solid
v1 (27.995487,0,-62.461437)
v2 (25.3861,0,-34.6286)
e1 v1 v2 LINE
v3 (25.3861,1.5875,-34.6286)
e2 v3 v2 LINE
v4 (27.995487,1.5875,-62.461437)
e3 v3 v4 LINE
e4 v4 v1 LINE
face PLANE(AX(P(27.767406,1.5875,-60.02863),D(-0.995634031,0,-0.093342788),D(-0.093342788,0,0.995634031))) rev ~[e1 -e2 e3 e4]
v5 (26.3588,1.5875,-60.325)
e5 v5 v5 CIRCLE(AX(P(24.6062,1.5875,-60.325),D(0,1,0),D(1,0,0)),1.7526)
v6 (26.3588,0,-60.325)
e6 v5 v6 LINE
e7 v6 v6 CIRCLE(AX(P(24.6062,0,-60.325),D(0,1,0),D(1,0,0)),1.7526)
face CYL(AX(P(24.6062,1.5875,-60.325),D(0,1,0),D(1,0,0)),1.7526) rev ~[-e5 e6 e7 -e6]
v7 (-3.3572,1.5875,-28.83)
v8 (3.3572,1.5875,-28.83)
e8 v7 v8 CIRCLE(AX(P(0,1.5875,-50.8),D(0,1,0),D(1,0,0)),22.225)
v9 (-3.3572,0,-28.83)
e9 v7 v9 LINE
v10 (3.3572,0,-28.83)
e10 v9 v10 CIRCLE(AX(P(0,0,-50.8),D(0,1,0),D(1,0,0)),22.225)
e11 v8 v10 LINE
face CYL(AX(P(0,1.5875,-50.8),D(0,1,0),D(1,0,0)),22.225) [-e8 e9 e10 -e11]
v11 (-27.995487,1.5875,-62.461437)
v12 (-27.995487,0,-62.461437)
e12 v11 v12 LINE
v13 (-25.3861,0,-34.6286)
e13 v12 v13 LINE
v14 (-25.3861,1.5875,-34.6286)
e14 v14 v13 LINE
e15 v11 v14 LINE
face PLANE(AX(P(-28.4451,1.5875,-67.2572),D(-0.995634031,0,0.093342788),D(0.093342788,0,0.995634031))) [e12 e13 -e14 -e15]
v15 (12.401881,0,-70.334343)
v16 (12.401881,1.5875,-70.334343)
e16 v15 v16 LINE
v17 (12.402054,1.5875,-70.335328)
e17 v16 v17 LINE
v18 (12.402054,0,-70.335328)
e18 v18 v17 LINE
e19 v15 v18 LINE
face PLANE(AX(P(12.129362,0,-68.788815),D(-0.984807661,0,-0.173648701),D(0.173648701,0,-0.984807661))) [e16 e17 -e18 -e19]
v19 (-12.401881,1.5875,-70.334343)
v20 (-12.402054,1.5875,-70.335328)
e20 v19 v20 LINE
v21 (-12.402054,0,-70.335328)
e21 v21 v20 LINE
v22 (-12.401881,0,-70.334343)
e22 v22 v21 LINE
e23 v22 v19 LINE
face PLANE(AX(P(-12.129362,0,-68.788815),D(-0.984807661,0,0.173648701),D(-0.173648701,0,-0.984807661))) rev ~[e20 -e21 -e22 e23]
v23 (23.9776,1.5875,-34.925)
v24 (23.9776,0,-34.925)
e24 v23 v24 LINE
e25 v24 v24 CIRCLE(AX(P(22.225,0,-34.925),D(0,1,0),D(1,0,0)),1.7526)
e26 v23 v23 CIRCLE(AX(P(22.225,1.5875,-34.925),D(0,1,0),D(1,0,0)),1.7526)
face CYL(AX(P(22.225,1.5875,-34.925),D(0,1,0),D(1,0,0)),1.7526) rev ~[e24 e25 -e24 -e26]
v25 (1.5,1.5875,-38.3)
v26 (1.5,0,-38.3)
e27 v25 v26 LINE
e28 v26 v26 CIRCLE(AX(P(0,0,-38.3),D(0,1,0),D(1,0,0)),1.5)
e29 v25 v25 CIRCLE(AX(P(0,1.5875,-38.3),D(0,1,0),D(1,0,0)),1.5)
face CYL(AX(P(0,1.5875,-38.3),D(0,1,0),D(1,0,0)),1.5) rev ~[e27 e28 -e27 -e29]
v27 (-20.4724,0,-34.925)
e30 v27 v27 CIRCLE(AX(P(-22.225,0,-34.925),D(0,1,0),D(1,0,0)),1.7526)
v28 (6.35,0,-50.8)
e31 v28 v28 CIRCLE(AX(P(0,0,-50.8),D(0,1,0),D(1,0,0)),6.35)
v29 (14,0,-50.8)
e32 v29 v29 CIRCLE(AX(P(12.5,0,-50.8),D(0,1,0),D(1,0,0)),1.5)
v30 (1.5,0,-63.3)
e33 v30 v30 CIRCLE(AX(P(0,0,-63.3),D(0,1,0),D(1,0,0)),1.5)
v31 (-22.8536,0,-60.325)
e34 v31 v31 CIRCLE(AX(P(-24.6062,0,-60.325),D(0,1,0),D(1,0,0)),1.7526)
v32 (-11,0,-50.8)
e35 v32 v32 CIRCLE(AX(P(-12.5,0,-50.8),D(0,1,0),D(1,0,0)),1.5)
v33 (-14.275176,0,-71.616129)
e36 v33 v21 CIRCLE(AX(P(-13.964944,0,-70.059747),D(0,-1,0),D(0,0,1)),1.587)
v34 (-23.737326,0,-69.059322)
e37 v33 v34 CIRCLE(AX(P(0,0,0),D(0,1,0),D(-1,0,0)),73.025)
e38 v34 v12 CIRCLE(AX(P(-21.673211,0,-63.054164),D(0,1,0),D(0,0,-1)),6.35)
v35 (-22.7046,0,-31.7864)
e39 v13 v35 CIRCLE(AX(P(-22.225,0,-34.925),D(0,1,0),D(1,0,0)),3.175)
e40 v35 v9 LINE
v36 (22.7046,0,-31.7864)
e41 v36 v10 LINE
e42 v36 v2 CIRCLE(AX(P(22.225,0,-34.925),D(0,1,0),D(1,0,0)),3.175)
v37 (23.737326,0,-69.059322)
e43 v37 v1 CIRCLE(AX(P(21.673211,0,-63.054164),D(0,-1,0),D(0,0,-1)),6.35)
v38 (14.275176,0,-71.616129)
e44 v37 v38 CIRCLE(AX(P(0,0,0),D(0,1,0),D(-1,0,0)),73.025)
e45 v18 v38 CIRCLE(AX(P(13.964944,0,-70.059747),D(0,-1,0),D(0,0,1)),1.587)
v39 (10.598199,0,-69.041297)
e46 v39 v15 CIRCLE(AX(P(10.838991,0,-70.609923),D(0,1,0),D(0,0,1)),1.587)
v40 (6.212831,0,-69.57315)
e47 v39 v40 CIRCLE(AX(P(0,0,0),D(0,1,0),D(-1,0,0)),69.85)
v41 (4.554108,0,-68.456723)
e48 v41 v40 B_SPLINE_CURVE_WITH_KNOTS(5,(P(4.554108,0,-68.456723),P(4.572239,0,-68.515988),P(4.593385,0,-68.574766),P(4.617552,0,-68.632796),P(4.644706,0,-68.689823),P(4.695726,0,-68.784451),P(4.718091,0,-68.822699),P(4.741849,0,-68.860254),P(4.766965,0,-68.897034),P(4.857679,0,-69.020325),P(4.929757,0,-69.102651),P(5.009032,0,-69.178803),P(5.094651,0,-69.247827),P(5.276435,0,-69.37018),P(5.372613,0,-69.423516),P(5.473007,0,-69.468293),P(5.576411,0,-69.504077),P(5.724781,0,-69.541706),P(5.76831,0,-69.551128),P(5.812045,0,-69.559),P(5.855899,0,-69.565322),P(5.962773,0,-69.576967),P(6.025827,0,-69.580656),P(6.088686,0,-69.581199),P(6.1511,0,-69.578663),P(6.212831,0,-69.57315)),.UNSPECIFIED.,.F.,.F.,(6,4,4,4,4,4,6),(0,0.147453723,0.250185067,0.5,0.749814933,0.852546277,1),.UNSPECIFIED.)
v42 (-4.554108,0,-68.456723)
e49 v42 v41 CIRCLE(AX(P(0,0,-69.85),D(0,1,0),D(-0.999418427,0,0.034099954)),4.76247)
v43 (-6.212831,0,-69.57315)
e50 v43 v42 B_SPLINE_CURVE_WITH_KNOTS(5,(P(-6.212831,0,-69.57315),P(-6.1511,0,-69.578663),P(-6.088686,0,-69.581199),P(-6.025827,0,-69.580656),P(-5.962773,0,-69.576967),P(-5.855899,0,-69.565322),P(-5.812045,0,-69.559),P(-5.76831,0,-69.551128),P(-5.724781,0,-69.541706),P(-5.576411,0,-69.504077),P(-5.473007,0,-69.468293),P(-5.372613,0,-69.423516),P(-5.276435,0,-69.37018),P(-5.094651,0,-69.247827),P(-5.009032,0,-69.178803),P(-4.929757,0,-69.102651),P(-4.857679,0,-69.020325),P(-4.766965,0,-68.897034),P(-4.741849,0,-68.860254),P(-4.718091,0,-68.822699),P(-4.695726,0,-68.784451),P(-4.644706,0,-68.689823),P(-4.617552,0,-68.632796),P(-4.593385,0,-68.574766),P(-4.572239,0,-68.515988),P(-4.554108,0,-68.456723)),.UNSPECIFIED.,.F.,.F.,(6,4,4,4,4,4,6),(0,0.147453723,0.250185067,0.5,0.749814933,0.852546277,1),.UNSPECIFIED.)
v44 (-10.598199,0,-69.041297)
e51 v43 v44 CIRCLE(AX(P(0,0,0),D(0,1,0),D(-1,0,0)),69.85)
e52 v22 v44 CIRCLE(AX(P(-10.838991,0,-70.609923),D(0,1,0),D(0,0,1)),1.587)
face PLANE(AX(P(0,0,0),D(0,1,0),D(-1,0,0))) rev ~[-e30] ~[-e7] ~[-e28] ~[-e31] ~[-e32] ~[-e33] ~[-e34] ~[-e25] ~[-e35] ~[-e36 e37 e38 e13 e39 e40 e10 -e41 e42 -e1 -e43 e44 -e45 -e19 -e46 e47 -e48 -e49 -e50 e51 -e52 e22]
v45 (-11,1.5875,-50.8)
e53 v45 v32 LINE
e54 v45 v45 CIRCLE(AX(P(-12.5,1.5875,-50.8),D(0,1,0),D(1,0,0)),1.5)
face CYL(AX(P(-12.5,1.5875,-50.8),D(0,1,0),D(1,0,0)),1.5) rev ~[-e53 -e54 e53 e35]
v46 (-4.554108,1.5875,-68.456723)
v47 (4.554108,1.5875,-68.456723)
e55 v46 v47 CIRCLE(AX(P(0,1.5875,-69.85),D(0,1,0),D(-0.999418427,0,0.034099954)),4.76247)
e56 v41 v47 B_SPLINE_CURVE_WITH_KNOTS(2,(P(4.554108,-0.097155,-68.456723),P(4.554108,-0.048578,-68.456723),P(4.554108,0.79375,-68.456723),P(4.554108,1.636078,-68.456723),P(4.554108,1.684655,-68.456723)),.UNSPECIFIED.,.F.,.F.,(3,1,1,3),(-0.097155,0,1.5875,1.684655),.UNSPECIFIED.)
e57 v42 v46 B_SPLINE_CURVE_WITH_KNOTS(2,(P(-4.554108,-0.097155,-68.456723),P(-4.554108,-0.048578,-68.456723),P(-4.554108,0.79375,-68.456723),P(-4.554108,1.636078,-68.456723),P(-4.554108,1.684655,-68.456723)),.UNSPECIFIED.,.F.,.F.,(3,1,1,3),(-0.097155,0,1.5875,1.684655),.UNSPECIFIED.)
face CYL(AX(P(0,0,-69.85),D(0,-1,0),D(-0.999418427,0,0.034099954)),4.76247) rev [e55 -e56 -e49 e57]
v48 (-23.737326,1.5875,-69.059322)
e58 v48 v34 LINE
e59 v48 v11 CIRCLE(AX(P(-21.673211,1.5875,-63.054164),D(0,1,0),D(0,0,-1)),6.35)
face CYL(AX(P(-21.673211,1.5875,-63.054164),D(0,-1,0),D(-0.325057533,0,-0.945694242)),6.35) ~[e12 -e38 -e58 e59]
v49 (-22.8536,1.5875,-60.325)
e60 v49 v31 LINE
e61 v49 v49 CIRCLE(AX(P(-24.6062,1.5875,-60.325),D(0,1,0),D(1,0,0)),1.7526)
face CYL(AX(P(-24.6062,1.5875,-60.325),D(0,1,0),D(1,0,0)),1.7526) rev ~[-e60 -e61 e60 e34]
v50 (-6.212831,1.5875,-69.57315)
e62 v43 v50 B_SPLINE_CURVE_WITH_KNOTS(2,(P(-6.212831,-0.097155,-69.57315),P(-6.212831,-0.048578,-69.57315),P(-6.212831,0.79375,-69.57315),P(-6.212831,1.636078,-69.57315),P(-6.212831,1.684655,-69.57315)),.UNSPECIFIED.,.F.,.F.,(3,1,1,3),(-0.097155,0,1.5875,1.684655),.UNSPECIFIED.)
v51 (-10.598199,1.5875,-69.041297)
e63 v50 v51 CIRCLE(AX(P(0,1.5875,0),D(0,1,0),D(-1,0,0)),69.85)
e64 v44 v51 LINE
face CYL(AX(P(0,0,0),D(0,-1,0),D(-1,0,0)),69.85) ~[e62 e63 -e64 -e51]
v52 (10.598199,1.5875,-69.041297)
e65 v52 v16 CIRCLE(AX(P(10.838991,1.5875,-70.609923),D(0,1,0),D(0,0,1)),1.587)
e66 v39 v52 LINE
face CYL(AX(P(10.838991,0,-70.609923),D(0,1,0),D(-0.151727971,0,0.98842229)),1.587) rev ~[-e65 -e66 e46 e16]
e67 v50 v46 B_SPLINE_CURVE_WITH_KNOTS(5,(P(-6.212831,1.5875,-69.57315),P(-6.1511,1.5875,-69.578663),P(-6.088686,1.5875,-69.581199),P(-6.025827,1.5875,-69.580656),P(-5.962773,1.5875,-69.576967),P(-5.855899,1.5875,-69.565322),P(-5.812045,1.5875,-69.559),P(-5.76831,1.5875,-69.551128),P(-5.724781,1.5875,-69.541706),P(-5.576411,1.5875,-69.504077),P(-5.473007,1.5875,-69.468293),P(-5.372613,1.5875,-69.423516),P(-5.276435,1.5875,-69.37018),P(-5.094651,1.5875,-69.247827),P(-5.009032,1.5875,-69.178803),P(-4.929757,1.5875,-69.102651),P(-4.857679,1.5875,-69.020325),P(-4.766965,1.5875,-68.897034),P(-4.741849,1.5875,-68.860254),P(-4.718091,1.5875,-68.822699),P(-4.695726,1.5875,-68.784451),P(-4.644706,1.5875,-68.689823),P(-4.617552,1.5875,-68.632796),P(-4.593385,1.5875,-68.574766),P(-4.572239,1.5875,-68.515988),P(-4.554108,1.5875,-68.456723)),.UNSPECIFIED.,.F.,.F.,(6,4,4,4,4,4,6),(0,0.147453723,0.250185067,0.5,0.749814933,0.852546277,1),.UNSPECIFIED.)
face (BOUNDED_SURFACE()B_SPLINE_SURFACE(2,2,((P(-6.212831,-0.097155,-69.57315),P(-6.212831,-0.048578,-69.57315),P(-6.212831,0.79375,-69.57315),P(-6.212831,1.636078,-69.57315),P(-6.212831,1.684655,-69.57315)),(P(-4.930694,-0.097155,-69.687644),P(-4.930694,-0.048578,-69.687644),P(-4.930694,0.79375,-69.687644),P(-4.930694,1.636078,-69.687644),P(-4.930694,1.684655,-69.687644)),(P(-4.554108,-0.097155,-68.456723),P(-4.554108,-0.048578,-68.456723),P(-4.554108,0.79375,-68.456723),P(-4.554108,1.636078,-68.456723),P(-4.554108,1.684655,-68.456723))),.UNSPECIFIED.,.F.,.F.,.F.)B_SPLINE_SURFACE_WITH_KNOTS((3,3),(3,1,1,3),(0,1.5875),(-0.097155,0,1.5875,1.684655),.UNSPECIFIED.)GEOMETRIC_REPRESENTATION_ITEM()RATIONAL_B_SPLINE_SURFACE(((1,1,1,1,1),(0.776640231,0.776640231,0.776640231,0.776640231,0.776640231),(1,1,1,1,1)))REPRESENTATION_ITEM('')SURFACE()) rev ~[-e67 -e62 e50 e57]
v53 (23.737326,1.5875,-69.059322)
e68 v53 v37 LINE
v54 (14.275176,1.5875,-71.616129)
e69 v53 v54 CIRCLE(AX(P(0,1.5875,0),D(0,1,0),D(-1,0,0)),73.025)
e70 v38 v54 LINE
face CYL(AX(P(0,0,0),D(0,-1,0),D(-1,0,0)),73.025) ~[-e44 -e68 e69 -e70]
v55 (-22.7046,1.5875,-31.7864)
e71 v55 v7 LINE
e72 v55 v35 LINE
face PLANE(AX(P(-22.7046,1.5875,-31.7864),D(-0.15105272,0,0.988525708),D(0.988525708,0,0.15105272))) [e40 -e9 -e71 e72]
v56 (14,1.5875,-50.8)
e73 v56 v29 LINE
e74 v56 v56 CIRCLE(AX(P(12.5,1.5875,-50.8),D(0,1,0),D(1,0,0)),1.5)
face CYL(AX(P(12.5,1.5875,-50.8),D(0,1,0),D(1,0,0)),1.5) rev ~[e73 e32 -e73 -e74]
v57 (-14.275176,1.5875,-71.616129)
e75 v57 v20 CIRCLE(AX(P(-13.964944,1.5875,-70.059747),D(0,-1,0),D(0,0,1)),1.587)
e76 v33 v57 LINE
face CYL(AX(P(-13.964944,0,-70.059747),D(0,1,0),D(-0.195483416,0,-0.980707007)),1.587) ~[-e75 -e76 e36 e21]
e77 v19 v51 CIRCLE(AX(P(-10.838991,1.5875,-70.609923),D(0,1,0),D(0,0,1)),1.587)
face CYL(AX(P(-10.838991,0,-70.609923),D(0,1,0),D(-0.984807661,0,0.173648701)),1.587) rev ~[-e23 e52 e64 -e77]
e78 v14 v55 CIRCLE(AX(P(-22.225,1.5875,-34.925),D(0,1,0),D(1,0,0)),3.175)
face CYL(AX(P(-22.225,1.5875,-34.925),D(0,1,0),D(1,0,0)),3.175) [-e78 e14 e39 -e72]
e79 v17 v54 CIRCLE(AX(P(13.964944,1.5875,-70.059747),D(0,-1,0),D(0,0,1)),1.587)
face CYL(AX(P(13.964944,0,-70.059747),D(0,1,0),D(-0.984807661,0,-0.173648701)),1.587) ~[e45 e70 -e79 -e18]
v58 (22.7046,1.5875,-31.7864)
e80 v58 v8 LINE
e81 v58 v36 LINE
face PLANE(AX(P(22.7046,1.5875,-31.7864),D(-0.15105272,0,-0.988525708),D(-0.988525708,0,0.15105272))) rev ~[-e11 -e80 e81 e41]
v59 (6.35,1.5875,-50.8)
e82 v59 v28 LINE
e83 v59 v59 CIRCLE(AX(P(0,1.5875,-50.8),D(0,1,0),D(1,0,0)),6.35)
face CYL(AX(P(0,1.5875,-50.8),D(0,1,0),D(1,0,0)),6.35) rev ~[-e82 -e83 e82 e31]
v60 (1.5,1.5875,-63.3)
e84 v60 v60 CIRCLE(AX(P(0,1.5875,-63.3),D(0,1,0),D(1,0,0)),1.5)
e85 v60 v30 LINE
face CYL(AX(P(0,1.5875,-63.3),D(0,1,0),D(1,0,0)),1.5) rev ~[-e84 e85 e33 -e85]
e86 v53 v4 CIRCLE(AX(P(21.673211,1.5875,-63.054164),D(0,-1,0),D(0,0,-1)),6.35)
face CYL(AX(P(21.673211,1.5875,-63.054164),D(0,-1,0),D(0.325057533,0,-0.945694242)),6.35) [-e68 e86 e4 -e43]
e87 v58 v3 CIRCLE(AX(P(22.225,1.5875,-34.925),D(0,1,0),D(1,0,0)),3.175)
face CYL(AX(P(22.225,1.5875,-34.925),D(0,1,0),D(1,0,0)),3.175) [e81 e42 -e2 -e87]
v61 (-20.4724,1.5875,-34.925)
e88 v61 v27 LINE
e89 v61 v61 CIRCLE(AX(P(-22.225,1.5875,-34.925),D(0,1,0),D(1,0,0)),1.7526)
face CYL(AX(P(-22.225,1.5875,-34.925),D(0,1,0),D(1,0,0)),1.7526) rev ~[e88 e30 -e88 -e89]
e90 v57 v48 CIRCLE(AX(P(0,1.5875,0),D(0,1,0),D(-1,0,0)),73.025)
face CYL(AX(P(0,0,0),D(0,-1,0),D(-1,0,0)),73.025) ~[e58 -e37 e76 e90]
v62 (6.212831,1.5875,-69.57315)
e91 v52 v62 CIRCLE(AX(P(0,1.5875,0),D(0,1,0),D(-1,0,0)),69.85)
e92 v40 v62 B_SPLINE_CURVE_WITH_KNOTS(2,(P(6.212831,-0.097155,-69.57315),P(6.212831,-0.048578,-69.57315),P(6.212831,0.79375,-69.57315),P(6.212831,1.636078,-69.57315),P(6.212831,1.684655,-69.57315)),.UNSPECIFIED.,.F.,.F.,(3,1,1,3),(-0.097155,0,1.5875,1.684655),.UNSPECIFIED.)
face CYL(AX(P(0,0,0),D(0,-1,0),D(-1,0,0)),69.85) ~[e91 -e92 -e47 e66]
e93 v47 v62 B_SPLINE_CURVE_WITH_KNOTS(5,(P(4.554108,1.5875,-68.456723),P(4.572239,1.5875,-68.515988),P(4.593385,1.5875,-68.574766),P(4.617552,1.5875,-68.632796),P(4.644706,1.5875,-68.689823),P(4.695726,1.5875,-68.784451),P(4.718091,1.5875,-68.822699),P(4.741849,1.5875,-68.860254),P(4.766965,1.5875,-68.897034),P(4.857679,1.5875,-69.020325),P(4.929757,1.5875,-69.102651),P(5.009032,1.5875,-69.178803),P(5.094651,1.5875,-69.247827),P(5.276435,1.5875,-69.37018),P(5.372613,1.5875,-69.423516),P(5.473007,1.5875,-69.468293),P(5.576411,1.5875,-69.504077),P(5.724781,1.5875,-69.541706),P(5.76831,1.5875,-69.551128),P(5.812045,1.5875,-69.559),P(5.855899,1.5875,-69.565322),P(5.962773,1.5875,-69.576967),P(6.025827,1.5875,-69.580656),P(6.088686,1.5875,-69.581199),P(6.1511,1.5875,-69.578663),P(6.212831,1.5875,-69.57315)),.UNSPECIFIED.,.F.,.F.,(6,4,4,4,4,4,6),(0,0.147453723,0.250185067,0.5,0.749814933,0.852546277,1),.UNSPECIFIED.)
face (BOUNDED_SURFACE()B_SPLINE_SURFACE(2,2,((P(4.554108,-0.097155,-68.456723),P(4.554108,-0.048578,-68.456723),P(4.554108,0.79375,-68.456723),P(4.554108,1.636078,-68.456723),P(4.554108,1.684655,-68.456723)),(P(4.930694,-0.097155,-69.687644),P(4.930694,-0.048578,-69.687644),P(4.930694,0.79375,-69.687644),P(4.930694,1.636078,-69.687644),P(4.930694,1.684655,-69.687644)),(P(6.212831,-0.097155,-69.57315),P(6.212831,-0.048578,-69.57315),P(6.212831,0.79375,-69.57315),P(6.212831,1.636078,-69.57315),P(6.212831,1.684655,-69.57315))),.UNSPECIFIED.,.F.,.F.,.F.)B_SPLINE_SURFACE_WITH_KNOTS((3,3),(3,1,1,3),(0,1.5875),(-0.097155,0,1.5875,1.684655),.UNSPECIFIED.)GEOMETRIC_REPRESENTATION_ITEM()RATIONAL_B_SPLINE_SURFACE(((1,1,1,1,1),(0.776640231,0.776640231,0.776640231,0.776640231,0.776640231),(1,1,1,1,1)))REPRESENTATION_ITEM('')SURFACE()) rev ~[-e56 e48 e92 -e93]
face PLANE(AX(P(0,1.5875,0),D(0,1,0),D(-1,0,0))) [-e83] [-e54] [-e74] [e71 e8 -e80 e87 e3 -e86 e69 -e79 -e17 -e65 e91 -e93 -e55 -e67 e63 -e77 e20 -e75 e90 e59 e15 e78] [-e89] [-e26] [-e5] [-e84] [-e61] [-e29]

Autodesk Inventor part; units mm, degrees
ref_plane "YZ Plane" through (0, 0, 0) normal (1, 0, 0) x (0, 1, 0)
ref_plane "XZ Plane" through (0, 0, 0) normal (0, 1, 0) x (-1, 0, 0)
ref_plane "XY Plane" through (0, 0, 0) normal (0, 0, 1) x (1, 0, 0)
sketch "Sketch1" plane through (0, 0, 0) normal (0, 1, 0) x (-1, 0, 0)
  circle A0 centre (0, 0) radius 73.025
  line L0 (0, 0) -> (0, -73.025) construction
  line L1 (0, 0) -> (-12.6807, -71.9156)
  line L2 (0, 0) -> (12.6807, -71.9156)
  line L3 (0, 0) -> (72.3143, -10.1631)
  line L4 (0, 0) -> (64.4772, -34.2832)
  line L5 (0, 0) -> (32.0121, 65.6344)
  line L6 (0, 0) -> (52.5298, 50.7274)
  line L7 (0, 0) -> (-52.5298, 50.7274)
  line L8 (0, 0) -> (-32.0121, 65.6344)
  line L9 (0, 0) -> (-64.4772, -34.2832)
  line L10 (0, 0) -> (-72.3143, -10.1631)
  circle A1 centre (0, 0) radius 69.85
  arc A2 (4.7597, -69.6876) -> (-4.7597, -69.6876) centre (0, -69.85) ccw
  arc A3 (67.7477, -17.0079) -> (64.806, -26.0614) centre (66.4313, -21.5848) ccw
  arc A4 (37.1107, 59.1762) -> (44.8121, 53.5808) centre (41.0568, 56.5098) ccw
  arc A5 (-44.8121, 53.5808) -> (-37.1107, 59.1762) centre (-41.0568, 56.5098) ccw
  arc A6 (-64.806, -26.0614) -> (-67.7477, -17.0079) centre (-66.4313, -21.5848) ccw
  point P0 (61.6739, -32.7926)
  point P1 (69.1702, -9.7212)
  point P2 (50.2459, 48.5219)
  point P3 (30.6202, 62.7808)
  point P4 (-30.6202, 62.7808)
  point P5 (-50.2459, 48.5219)
  point P6 (-69.1702, -9.7212)
  point P7 (-61.6739, -32.7926)
  point P8 (-12.1293, -68.7888)
  point P9 (12.1293, -68.7888)
  point P10 (64.806, -26.0614)
  point P11 (67.7477, -17.0079)
  point P12 (44.8121, 53.5808)
  point P13 (37.1107, 59.1762)
  point P14 (-37.1107, 59.1762)
  point P15 (-67.7477, -17.0079)
  dimension "d0" = 146.05
  dimension "d1" = 10
  dimension "d4" = 360
  dimension "d6" = 3.175
  dimension "d10" = 9.525
  dimension "d13" = 360
extrude "Extrusion1" add sketch "Sketch1" along normal blind 1.5875 contours A0 L3 A1 L6 | L5 A1 L8 A0 | A1 L3 L6 | L6 L5 A1 A4 | A0 L2 A1 L4 | A1 A3 L4 L3 | L5 L8 A1 | L2 A1 A2 L1 | L4 A1 L2 | L10 A1 L7 | L7 A1 A5 L8 | L1 A1 L9 | L9 A1 A6 L10 | L7 A1 L10 A0 | L1 A0 L9 A1
fillet "Fillet1" radius 1.5875 30 edges at (30.6202, 0.7937, 62.7808) (32.0121, 0.7937, 65.6344) (-30.6202, 0.7937, 62.7808) (-32.0121, 0.7937, 65.6344) (-52.5298, 0.7937, 50.7274) (-50.2459, 0.7937, 48.5219) (52.5298, 0.7937, 50.7274) (50.2459, 0.7937, 48.5219) (64.4772, 0.7937, -34.2832) (61.6739, 0.7937, -32.7926) (72.3143, 0.7937, -10.1631) (69.1702, 0.7937, -9.7212) (12.6807, 0.7937, -71.9156) (12.1293, 0.7937, -68.7888) (-12.6807, 0.7937, -71.9156) (-12.1293, 0.7937, -68.7888) (-72.3143, 0.7937, -10.1631) (-69.1702, 0.7937, -9.7212) (-64.4772, 0.7937, -34.2832) (-61.6739, 0.7937, -32.7926) (37.1107, 0.7937, 59.1762) (44.8121, 0.7937, 53.5808) (-44.8121, 0.7937, 53.5808) (-37.1107, 0.7937, 59.1762) (-64.806, 0.7937, -26.0614) (-67.7477, 0.7937, -17.0079) (4.7597, 0.7937, -69.6876) (-4.7597, 0.7937, -69.6876) (67.7477, 0.7937, -17.0079) (64.806, 0.7937, -26.0614)
sketch "Sketch5" plane through (0, 1.5875, 0) normal (0, 1, 0) x (1, 0, 0)
  line L0 (0, 0) -> (0, 65.0875) construction
  arc A0 (-4.554, 68.4564) -> (4.554, 68.4564) centre (0, 69.85) ccw projected
  circle A1 centre (0, 50.8) radius 22.225
  arc A2 (63.6995, 35.7075) -> (14.2757, 71.616) centre (0, 0) ccw projected
  circle A3 centre (0, 50.8) radius 12.5 construction
  circle A4 centre (-24.6062, 60.325) radius 1.7526
  circle A5 centre (-24.6062, 60.325) radius 3.175 construction
  circle A6 centre (-22.225, 34.925) radius 3.175
  circle A7 centre (-22.225, 34.925) radius 1.7526
  circle A8 centre (24.6062, 60.325) radius 1.7526
  circle A9 centre (24.6062, 60.325) radius 3.175
  circle A10 centre (22.225, 34.925) radius 3.175
  circle A11 centre (22.225, 34.925) radius 1.7526
  arc A12 (6.2133, 69.5731) -> (4.554, 68.4564) centre (6.0721, 67.9919) ccw projected
  arc A13 (6.2133, 69.5731) -> (4.554, 68.4564) centre (6.0721, 67.9919) ccw
  arc A14 (-4.554, 68.4564) -> (-6.2133, 69.5731) centre (-6.0721, 67.9919) ccw projected
  arc A15 (-4.554, 68.4564) -> (-6.2133, 69.5731) centre (-6.0721, 67.9919) ccw
  arc A16 (-12.4019, 70.3348) -> (-10.5977, 69.0414) centre (-10.8385, 70.6105) ccw projected
  arc A17 (10.5977, 69.0414) -> (12.4019, 70.3348) centre (10.8385, 70.6105) ccw projected
  arc A18 (10.5977, 69.0414) -> (6.2133, 69.5731) centre (0, 0) ccw projected
  arc A19 (10.5977, 69.0414) -> (11.9875, 69.515) centre (10.8385, 70.6105) ccw
  arc A20 (-6.2133, 69.5731) -> (-10.5977, 69.0414) centre (0, 0) ccw
  arc A21 (-14.2757, 71.616) -> (-63.6995, 35.7075) centre (0, 0) ccw projected
  line L1 (-28.4451, 67.2572) -> (-25.3861, 34.6286)
  line L2 (-22.7046, 31.7864) -> (-3.3572, 28.83)
  line L3 (28.4451, 67.2572) -> (25.3861, 34.6286)
  line L4 (22.7046, 31.7864) -> (3.3572, 28.83)
  circle A22 centre (0, 63.3) radius 1.5
  circle A23 centre (-12.5, 50.8) radius 1.5
  circle A24 centre (0, 38.3) radius 1.5
  circle A25 centre (12.5, 50.8) radius 1.5
  circle A26 centre (0, 50.8) radius 6.35
  circle A27 centre (0, 0) radius 73.025
  point P0 (-63.6995, 35.7075)
  dimension "d39" = 25
  dimension "d40" = 44.45
  dimension "d41" = 3.5052
  dimension "d42" = 6.35
  dimension "d43" = 9.525
  dimension "d44" = 24.6062
  dimension "d45" = 6.35
  dimension "d46" = 3.5052
  dimension "d47" = 15.875
  dimension "d48" = 22.225
  dimension "d63" = 3
  dimension "d66" = 360
  dimension "d68" = 12.7
extrude "Extrusion3" cut sketch "Sketch5" against normal blind 25.4 contours A1 L4 A10 L3 A2 A27 A21 L1 A6 L2 | A4 | A7 | A8 | A11 | A22 | A23 | A24 | A25 | A26
fillet "Fillet4" radius 6.35 2 edges at (-28.4451, 0.7937, -67.2572) (28.4451, 0.7937, -67.2572)
equation "\"d45\" = d42"
equation "\"d46\" = d41"
properties part number "Top Plate" material "Aluminum 6061"
